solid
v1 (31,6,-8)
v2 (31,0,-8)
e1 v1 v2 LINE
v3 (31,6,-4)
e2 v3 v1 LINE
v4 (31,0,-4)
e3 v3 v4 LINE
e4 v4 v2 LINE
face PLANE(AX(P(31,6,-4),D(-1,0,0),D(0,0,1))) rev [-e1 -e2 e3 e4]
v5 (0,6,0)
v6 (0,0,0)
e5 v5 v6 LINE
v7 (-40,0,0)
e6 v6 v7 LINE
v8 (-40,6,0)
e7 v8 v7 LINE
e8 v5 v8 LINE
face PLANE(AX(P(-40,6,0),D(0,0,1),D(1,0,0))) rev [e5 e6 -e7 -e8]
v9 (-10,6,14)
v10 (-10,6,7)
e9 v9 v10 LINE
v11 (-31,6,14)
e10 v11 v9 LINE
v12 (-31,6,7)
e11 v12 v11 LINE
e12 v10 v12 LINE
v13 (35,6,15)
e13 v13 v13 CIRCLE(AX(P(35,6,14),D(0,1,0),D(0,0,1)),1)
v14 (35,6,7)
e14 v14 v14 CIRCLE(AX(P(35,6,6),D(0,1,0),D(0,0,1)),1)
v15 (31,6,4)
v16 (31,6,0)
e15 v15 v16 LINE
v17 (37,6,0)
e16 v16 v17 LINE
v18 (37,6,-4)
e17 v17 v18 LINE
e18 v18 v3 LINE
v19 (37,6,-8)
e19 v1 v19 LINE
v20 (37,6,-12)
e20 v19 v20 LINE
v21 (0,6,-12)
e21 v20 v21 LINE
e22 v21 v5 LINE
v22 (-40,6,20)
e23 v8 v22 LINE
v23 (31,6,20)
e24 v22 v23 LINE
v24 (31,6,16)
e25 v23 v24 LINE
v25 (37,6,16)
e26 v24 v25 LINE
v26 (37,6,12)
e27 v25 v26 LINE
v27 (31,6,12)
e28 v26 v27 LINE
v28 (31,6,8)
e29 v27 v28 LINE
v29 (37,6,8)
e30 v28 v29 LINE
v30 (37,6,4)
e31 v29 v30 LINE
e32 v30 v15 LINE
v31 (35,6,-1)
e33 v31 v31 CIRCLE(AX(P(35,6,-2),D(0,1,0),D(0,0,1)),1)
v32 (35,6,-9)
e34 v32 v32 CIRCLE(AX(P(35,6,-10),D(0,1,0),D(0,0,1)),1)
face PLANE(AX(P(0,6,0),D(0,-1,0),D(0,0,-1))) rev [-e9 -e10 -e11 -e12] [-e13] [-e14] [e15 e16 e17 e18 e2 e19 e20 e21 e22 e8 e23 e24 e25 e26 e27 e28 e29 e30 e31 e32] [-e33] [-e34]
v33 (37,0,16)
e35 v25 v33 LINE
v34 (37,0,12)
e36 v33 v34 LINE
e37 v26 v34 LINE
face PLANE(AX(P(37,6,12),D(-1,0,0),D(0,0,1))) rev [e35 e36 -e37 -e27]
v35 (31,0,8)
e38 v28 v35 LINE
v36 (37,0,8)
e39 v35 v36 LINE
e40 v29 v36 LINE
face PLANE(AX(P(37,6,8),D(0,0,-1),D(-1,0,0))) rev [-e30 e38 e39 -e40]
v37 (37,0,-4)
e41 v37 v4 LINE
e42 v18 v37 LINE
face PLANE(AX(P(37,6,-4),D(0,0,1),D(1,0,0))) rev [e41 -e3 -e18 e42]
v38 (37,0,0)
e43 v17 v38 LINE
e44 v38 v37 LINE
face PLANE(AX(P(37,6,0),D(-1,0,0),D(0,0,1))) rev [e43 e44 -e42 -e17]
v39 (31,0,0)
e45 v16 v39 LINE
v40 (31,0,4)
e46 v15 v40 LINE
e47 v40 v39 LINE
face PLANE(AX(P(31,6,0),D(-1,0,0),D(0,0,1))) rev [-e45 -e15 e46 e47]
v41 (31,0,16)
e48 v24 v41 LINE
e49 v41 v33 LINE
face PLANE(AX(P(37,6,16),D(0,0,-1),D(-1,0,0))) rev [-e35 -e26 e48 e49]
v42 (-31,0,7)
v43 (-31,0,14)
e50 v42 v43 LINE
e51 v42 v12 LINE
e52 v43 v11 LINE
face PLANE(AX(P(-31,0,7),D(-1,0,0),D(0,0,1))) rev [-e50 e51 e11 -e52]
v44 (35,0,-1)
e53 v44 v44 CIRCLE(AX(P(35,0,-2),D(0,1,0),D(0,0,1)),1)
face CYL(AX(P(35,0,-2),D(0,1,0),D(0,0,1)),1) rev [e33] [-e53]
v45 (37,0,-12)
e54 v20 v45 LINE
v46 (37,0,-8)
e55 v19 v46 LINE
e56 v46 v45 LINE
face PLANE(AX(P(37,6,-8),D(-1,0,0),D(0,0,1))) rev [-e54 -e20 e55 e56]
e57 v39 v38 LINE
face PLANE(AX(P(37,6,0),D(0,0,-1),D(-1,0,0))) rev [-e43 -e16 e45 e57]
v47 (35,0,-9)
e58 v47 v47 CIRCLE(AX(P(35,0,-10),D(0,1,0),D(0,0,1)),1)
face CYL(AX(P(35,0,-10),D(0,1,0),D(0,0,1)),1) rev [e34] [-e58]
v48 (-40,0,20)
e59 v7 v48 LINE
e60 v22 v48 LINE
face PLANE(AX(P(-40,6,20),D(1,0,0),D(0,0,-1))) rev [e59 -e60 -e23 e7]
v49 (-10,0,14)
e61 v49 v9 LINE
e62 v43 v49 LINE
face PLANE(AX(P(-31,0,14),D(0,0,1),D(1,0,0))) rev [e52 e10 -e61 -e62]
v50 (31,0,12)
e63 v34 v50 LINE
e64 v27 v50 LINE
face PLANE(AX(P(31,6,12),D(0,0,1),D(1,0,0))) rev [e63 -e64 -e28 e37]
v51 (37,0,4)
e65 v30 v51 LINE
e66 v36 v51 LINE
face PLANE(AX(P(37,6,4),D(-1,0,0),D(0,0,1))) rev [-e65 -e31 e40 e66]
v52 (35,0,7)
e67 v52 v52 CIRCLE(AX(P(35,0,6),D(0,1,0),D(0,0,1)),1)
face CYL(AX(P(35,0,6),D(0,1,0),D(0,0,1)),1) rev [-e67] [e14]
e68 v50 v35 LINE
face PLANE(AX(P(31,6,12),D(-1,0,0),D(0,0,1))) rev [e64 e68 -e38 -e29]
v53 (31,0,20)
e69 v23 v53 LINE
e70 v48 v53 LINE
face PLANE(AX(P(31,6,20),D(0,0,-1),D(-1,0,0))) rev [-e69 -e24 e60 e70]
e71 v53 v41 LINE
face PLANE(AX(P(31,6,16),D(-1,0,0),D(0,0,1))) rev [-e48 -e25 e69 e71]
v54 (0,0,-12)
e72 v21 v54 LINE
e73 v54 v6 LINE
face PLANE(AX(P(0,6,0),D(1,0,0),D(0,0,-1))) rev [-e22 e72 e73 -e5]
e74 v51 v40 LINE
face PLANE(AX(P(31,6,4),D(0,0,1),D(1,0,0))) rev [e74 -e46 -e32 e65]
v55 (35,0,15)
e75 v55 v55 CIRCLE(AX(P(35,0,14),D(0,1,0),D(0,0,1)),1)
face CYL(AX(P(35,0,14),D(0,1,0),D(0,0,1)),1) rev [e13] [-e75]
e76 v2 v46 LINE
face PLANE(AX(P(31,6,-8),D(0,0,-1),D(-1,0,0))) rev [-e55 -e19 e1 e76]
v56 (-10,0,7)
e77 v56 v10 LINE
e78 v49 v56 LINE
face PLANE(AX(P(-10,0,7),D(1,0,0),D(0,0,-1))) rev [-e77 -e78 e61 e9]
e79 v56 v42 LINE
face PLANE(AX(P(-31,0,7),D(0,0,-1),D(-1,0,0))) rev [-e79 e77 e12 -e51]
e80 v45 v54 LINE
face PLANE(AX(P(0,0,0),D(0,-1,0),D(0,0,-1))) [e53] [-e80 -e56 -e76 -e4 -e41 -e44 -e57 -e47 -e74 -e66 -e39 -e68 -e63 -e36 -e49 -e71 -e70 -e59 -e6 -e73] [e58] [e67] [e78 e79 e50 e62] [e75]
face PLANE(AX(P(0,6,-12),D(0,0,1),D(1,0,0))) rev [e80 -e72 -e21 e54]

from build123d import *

# Parameters (mm, degrees)
BOSS_EXTRUDE1_DEPTH = 6
SKETCH2_W           = 21
SKETCH2_H           = 7
CUT_EXTRUDE1_DEPTH  = 46.122056691
SKETCH3_R           = 1
CUT_EXTRUDE2_DEPTH  = 46.122056691


with BuildPart() as part:
    # Sketch1 → Boss-Extrude1 (new body)
    with BuildSketch(Plane(origin=(0, 0, 0), x_dir=(1, 0, 0), z_dir=(0, 1, 0))):
        Polygon((-40, 0), (0, 0), (0, 12), (37, 12), (37, 8), (31, 8), (31, 4), (37, 4), (37, 0), (31, 0), (31, -4), (37, -4), (37, -8), (31, -8), (31, -12), (37, -12), (37, -16), (31, -16), (31, -20), (-40, -20), align=None)
    extrude(amount=BOSS_EXTRUDE1_DEPTH)

    # Sketch2 → Cut-Extrude1 (cut, through all)
    with BuildSketch(Plane(origin=(0, 6, 0), x_dir=(1, 0, 0), z_dir=(0, 1, 0))):
        with Locations((-20.5, -10.5)):
            Rectangle(SKETCH2_W, SKETCH2_H)
    extrude(amount=-CUT_EXTRUDE1_DEPTH, mode=Mode.SUBTRACT)

    # Sketch3 → Cut-Extrude2 (cut, through all)
    with BuildSketch(Plane(origin=(0, 6, 0), x_dir=(1, 0, 0), z_dir=(0, 1, 0))):
        with Locations(Location((35, 10, 0), (0, 0, 270))):
            Circle(SKETCH3_R)
        with Locations(Location((35, 2, 0), (0, 0, 270))):
            Circle(SKETCH3_R)
        with Locations(Location((35, -6, 0), (0, 0, 270))):
            Circle(SKETCH3_R)
        with Locations(Location((35, -14, 0), (0, 0, 270))):
            Circle(SKETCH3_R)
    extrude(amount=-CUT_EXTRUDE2_DEPTH, mode=Mode.SUBTRACT)


solid = part.part
